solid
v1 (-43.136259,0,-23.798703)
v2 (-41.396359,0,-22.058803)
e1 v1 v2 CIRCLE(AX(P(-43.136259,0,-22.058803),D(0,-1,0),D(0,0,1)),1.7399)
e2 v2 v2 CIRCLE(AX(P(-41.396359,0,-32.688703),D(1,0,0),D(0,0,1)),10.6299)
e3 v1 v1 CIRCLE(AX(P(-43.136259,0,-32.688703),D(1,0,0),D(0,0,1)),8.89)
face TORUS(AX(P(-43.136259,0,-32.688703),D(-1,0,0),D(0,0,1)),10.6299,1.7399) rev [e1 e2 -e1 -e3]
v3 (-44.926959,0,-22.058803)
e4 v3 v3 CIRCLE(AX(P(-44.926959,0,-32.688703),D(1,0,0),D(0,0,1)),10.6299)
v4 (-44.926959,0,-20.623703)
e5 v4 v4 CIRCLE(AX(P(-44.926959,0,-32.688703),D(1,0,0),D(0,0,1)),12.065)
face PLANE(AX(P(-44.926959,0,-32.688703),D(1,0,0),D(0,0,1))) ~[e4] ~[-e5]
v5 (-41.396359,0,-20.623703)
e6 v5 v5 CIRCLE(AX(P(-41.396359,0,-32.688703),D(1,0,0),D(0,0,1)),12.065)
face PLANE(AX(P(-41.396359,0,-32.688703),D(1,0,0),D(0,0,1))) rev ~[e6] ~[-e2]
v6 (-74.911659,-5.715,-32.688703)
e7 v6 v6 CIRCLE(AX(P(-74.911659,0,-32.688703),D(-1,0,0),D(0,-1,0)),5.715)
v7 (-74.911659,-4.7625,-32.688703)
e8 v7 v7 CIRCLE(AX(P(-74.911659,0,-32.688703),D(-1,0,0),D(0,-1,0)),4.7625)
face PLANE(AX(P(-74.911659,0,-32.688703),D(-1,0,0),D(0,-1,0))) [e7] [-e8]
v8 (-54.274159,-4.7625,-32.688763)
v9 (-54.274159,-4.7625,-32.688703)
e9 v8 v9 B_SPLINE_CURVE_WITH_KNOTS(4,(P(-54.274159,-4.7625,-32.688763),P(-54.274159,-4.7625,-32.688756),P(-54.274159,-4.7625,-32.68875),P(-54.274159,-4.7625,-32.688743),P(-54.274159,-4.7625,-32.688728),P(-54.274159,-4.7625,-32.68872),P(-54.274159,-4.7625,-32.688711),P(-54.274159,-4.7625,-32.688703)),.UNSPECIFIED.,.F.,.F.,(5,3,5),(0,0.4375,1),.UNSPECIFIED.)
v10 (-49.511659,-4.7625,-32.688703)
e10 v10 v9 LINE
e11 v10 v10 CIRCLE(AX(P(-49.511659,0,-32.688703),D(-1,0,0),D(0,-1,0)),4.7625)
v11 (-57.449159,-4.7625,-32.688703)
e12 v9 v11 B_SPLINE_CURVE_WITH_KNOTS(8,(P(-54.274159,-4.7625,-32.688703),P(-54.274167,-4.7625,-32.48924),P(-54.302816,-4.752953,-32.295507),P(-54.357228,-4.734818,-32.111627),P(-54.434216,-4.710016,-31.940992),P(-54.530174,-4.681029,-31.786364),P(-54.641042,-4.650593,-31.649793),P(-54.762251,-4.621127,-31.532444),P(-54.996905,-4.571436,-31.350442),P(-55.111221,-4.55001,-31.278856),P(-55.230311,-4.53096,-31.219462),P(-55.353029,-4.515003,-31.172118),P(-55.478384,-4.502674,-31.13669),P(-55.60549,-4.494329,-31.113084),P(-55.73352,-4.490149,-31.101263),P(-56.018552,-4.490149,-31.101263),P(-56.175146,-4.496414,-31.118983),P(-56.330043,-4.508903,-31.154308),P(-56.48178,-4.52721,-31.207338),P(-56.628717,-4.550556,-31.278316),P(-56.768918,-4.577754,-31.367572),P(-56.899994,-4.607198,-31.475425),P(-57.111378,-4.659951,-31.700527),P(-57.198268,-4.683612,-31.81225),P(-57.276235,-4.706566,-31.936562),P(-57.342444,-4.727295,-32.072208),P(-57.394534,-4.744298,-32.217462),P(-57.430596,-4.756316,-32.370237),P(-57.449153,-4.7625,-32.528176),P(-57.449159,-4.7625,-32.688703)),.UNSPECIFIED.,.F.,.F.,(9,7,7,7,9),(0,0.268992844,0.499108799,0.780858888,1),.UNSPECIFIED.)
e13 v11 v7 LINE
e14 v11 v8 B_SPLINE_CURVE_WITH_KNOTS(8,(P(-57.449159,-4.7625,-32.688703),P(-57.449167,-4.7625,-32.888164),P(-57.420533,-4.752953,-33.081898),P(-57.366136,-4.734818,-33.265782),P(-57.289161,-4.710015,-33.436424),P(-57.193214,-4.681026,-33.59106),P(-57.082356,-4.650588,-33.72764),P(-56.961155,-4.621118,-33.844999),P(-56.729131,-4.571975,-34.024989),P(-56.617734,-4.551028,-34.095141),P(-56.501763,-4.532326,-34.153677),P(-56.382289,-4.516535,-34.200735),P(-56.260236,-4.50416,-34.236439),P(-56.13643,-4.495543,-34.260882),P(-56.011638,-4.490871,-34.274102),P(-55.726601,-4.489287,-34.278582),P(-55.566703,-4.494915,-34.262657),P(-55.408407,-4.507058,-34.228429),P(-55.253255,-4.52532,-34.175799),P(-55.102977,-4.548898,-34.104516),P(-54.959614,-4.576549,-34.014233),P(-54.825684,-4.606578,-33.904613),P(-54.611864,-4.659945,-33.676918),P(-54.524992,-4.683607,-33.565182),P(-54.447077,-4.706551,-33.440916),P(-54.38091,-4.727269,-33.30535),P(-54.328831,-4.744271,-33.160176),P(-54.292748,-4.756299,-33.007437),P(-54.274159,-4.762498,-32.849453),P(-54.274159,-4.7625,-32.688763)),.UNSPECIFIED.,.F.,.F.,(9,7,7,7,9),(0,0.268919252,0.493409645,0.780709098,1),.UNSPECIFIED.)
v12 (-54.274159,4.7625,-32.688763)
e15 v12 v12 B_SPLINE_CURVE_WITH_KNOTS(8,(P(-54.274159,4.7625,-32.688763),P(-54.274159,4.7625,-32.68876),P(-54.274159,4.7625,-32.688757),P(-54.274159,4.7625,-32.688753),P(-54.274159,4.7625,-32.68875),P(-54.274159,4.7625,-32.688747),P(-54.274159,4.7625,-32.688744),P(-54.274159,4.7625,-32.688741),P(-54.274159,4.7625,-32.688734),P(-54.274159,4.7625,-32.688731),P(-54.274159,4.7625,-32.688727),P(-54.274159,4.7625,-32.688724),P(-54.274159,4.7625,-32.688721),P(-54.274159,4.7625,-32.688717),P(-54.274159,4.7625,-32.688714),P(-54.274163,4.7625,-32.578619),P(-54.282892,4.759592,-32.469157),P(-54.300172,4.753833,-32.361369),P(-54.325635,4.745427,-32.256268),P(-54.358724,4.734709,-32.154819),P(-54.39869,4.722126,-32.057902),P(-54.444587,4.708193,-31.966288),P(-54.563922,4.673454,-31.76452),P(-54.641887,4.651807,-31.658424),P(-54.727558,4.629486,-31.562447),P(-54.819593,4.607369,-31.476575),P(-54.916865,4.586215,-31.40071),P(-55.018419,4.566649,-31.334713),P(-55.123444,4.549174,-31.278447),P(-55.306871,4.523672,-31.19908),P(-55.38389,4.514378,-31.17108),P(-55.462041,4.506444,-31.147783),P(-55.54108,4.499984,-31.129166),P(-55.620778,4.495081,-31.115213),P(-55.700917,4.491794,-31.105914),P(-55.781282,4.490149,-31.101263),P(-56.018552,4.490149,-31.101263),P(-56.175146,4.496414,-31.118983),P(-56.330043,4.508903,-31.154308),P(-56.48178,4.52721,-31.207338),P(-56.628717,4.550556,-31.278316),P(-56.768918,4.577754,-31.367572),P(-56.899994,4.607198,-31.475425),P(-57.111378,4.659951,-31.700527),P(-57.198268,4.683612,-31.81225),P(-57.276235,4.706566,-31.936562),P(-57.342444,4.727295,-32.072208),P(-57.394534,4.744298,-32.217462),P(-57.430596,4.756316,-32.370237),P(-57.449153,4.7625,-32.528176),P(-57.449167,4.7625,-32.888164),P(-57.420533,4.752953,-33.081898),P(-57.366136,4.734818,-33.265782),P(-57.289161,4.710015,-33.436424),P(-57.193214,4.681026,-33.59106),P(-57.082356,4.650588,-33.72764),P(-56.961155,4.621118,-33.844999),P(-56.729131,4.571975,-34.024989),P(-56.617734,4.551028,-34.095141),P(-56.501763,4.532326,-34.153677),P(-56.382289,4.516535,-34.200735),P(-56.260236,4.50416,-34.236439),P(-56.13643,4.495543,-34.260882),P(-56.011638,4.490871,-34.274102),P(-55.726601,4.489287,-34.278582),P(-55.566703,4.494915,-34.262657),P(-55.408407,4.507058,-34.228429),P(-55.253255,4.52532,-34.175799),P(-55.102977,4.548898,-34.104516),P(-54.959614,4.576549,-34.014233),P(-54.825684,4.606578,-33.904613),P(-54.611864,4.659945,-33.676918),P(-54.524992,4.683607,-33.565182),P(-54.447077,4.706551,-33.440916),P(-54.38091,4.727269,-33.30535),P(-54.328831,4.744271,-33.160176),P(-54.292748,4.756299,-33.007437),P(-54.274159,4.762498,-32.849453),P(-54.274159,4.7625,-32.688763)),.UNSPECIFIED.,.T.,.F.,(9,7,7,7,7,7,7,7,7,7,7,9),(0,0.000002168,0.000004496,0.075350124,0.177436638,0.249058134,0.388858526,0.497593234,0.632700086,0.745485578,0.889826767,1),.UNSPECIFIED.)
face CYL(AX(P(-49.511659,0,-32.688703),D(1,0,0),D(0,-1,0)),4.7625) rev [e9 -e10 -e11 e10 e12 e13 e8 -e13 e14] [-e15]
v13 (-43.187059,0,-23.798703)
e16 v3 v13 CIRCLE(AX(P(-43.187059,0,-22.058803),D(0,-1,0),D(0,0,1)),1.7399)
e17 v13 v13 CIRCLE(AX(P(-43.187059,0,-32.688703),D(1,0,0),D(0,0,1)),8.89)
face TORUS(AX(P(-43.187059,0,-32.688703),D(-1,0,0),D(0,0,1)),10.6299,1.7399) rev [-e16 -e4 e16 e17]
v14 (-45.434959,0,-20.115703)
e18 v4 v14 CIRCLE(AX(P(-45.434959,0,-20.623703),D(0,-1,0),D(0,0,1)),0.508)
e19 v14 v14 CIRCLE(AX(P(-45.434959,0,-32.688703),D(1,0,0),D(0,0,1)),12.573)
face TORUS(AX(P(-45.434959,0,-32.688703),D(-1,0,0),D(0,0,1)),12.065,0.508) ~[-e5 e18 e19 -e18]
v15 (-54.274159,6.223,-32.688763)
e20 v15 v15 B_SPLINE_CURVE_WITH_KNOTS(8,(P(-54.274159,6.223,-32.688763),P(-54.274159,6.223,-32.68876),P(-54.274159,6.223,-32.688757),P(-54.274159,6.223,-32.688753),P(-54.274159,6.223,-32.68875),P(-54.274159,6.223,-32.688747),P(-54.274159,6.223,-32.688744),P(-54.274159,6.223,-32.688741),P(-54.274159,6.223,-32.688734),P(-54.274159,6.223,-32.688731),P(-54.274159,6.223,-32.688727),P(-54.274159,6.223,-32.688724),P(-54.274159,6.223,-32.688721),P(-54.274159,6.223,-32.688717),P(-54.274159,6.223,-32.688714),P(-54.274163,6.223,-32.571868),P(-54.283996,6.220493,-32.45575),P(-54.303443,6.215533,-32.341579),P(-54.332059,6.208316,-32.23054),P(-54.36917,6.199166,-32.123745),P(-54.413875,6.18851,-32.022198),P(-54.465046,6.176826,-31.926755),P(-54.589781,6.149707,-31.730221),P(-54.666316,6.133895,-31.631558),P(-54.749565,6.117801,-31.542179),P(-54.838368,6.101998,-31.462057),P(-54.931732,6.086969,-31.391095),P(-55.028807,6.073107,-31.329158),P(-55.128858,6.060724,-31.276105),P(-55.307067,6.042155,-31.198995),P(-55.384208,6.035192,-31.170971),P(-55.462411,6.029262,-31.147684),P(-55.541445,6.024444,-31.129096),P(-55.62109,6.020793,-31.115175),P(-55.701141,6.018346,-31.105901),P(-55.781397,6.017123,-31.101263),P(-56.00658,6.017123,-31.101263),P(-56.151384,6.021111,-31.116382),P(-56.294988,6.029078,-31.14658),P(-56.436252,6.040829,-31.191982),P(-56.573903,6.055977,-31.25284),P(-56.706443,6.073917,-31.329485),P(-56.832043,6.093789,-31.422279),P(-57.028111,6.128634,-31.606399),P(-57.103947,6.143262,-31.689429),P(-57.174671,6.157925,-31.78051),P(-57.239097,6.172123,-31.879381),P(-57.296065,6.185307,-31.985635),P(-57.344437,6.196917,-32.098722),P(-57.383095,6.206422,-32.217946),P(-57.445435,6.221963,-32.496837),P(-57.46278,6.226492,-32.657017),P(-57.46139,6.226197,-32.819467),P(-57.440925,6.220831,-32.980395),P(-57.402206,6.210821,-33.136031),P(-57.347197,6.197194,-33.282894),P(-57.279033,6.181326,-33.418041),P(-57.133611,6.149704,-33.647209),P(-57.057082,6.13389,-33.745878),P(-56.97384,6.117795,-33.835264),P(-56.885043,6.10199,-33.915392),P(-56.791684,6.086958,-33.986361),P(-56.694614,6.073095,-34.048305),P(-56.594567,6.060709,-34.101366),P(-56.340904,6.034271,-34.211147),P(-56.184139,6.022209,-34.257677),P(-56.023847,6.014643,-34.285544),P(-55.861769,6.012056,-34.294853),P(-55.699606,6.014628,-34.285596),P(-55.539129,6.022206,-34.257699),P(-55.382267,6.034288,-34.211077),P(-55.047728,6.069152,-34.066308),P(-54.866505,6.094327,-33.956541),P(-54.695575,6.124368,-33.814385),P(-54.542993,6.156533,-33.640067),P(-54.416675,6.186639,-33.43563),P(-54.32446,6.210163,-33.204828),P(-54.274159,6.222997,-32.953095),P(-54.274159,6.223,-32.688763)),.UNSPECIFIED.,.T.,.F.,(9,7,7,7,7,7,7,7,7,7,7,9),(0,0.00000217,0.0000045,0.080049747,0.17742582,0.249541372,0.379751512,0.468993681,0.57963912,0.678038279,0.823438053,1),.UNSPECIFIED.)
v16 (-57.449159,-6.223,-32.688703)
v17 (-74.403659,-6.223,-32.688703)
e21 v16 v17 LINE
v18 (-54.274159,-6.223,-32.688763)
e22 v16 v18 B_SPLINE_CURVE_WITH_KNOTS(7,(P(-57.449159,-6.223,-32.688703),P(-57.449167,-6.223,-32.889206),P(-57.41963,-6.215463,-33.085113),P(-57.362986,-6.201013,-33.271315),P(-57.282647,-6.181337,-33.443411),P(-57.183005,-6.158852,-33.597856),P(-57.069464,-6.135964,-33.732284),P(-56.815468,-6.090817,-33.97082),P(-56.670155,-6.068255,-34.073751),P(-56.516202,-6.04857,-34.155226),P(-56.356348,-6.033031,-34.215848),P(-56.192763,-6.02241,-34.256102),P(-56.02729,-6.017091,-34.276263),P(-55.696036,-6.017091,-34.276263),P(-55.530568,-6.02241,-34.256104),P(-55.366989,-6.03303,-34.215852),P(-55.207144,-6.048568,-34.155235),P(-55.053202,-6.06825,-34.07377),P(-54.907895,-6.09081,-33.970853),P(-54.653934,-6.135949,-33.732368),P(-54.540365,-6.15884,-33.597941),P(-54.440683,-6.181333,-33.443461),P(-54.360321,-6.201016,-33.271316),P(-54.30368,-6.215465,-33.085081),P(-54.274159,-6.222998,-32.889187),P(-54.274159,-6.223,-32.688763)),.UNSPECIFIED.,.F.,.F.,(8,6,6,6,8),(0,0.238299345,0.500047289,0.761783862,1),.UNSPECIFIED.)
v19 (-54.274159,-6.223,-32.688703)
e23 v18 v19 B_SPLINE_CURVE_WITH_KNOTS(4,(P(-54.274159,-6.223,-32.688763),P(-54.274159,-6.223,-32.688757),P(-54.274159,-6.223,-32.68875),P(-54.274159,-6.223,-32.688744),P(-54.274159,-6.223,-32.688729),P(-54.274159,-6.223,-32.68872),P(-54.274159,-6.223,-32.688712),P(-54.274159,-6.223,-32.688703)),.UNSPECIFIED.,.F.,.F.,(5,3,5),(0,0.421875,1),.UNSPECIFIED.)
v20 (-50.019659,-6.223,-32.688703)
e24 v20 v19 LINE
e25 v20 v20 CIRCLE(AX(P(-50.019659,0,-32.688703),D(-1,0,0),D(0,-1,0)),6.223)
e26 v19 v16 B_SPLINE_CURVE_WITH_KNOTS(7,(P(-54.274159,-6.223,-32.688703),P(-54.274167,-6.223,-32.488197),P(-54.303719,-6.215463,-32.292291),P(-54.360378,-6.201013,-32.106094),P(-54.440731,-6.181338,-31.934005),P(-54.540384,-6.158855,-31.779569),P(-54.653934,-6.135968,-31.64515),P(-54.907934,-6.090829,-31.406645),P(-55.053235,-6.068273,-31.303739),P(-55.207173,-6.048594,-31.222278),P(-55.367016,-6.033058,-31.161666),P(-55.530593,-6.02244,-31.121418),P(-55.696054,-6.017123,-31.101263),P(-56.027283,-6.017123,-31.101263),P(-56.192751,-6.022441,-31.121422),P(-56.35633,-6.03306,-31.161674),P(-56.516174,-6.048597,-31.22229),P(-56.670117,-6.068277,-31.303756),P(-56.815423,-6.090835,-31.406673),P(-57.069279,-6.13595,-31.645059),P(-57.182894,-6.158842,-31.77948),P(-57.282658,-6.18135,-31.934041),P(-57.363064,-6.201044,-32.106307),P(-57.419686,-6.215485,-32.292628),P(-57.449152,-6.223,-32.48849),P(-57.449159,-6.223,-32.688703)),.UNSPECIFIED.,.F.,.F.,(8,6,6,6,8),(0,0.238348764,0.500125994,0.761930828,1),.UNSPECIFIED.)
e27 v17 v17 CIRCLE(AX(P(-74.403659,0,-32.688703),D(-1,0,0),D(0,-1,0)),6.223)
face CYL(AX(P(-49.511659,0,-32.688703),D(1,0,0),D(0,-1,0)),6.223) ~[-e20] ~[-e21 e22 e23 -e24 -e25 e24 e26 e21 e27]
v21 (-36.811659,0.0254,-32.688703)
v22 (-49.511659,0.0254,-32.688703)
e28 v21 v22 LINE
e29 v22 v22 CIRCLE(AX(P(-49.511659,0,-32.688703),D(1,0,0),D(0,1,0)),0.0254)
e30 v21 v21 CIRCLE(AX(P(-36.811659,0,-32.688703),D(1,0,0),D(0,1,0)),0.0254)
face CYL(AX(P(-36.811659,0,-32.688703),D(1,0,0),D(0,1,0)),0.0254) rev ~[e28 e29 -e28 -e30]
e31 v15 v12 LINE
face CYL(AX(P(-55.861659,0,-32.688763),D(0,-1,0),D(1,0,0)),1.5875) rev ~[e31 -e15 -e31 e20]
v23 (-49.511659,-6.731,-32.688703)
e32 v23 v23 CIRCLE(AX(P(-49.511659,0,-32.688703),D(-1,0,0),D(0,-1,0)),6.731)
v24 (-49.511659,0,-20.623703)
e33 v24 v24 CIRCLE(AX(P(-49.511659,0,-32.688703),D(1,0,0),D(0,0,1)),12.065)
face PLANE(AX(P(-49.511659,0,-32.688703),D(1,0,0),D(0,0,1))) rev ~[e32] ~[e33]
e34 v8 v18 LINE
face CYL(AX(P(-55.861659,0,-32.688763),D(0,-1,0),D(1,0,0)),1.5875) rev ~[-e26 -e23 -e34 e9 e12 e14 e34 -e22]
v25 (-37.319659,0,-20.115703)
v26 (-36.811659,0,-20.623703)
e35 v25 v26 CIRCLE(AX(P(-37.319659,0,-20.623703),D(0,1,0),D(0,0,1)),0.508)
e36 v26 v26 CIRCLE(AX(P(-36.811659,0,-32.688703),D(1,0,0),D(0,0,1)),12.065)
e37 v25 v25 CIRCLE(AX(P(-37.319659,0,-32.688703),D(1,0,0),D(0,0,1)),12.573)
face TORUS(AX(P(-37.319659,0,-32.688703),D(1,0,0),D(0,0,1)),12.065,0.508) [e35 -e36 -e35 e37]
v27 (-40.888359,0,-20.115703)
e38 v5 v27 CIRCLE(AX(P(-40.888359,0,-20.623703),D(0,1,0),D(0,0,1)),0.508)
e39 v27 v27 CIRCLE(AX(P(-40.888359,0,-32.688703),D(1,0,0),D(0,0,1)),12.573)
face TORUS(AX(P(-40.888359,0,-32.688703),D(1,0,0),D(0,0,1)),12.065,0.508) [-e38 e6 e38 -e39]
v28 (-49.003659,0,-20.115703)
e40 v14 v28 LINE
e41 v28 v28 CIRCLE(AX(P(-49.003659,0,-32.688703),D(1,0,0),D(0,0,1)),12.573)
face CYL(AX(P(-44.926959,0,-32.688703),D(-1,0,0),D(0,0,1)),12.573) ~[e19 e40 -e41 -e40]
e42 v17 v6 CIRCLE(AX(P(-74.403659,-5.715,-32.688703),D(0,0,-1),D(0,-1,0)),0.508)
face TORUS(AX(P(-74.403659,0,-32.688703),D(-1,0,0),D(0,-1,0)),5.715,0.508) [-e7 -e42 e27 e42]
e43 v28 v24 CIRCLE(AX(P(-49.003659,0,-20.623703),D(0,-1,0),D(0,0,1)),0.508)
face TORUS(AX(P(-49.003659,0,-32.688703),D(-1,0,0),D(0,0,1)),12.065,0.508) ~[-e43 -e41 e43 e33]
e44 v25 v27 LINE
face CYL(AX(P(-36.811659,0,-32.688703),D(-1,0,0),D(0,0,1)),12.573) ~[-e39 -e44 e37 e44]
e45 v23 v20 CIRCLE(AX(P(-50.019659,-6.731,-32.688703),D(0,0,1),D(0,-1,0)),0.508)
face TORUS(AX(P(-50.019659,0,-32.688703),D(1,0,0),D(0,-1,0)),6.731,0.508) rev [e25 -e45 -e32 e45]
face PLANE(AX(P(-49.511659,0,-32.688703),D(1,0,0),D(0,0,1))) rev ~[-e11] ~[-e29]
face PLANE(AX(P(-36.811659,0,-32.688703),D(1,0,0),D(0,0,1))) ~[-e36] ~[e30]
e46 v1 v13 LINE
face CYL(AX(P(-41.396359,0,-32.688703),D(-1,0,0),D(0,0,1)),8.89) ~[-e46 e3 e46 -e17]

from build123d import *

# Parameters (mm, degrees)
F2_R     = 6.223
F2_R_2   = 4.7625
F3_DEPTH = 25.4
F4_R     = 1.5875
F5_DEPTH = 12.7
F6_R     = 1.7399
F7_R     = 0.508
F8_R     = 0.0254
F9_DEPTH = 38.1010001


with BuildPart() as f1:
    # F0 (on Front) → F1 (revolve)
    with BuildSketch(Plane.XZ):
        Polygon((-49.5116594105, -20.1157029331), (-49.5116594105, -32.6887029331), (-36.8116594105, -32.6887029331), (-36.8116594105, -20.1157029331), (-41.3963594105, -20.1157029331), (-41.3963594105, -23.7987029331), (-44.9269594105, -23.7987029331), (-44.9269594105, -20.1157029331), align=None)
    revolve(axis=Axis((-43.1616594105, 0, -32.6887029331), (1, 0, 0)))

    # F2 (on face) → F3 (join)
    with BuildSketch(Plane(origin=(-49.5116594105, 0, 0), x_dir=(0, -1, 0), z_dir=(-1, 0, 0))):
        with Locations((0, -32.6887029331)):
            Circle(F2_R)
        with Locations((0, -32.6887029331)):
            Circle(F2_R_2, mode=Mode.SUBTRACT)
    extrude(amount=F3_DEPTH)

    # F4 (on Front) → F5 (cut, symmetric)
    with BuildSketch(Plane.XZ):
        with Locations((-55.8616594105, -32.6887629926)):
            Circle(F4_R)
    extrude(amount=F5_DEPTH, both=True, mode=Mode.SUBTRACT)

    # F6
    f6_edges = [f1.edges().sort_by_distance(p)[0] for p in [
        (-41.396359, 0, -41.578703),
        (-44.926959, 0, -41.578703),
    ]]
    fillet(f6_edges, radius=F6_R)

    # F7
    f7_edges = [f1.edges().sort_by_distance(p)[0] for p in [
        (-49.511659, 0, -45.261703),
        (-49.511659, 6.223, -32.688703),
        (-74.911659, 6.223, -32.688703),
        (-36.811659, 0, -45.261703),
        (-41.396359, 0, -45.261703),
        (-44.926959, 0, -45.261703),
    ]]
    fillet(f7_edges, radius=F7_R)

    # F8 (on face) → F9 (cut, through all)
    with BuildSketch(Plane.YZ.offset(-36.8116594105)):
        with Locations((0, -32.6887029331)):
            Circle(F8_R)
    extrude(amount=-F9_DEPTH, mode=Mode.SUBTRACT)


solid = f1.part
